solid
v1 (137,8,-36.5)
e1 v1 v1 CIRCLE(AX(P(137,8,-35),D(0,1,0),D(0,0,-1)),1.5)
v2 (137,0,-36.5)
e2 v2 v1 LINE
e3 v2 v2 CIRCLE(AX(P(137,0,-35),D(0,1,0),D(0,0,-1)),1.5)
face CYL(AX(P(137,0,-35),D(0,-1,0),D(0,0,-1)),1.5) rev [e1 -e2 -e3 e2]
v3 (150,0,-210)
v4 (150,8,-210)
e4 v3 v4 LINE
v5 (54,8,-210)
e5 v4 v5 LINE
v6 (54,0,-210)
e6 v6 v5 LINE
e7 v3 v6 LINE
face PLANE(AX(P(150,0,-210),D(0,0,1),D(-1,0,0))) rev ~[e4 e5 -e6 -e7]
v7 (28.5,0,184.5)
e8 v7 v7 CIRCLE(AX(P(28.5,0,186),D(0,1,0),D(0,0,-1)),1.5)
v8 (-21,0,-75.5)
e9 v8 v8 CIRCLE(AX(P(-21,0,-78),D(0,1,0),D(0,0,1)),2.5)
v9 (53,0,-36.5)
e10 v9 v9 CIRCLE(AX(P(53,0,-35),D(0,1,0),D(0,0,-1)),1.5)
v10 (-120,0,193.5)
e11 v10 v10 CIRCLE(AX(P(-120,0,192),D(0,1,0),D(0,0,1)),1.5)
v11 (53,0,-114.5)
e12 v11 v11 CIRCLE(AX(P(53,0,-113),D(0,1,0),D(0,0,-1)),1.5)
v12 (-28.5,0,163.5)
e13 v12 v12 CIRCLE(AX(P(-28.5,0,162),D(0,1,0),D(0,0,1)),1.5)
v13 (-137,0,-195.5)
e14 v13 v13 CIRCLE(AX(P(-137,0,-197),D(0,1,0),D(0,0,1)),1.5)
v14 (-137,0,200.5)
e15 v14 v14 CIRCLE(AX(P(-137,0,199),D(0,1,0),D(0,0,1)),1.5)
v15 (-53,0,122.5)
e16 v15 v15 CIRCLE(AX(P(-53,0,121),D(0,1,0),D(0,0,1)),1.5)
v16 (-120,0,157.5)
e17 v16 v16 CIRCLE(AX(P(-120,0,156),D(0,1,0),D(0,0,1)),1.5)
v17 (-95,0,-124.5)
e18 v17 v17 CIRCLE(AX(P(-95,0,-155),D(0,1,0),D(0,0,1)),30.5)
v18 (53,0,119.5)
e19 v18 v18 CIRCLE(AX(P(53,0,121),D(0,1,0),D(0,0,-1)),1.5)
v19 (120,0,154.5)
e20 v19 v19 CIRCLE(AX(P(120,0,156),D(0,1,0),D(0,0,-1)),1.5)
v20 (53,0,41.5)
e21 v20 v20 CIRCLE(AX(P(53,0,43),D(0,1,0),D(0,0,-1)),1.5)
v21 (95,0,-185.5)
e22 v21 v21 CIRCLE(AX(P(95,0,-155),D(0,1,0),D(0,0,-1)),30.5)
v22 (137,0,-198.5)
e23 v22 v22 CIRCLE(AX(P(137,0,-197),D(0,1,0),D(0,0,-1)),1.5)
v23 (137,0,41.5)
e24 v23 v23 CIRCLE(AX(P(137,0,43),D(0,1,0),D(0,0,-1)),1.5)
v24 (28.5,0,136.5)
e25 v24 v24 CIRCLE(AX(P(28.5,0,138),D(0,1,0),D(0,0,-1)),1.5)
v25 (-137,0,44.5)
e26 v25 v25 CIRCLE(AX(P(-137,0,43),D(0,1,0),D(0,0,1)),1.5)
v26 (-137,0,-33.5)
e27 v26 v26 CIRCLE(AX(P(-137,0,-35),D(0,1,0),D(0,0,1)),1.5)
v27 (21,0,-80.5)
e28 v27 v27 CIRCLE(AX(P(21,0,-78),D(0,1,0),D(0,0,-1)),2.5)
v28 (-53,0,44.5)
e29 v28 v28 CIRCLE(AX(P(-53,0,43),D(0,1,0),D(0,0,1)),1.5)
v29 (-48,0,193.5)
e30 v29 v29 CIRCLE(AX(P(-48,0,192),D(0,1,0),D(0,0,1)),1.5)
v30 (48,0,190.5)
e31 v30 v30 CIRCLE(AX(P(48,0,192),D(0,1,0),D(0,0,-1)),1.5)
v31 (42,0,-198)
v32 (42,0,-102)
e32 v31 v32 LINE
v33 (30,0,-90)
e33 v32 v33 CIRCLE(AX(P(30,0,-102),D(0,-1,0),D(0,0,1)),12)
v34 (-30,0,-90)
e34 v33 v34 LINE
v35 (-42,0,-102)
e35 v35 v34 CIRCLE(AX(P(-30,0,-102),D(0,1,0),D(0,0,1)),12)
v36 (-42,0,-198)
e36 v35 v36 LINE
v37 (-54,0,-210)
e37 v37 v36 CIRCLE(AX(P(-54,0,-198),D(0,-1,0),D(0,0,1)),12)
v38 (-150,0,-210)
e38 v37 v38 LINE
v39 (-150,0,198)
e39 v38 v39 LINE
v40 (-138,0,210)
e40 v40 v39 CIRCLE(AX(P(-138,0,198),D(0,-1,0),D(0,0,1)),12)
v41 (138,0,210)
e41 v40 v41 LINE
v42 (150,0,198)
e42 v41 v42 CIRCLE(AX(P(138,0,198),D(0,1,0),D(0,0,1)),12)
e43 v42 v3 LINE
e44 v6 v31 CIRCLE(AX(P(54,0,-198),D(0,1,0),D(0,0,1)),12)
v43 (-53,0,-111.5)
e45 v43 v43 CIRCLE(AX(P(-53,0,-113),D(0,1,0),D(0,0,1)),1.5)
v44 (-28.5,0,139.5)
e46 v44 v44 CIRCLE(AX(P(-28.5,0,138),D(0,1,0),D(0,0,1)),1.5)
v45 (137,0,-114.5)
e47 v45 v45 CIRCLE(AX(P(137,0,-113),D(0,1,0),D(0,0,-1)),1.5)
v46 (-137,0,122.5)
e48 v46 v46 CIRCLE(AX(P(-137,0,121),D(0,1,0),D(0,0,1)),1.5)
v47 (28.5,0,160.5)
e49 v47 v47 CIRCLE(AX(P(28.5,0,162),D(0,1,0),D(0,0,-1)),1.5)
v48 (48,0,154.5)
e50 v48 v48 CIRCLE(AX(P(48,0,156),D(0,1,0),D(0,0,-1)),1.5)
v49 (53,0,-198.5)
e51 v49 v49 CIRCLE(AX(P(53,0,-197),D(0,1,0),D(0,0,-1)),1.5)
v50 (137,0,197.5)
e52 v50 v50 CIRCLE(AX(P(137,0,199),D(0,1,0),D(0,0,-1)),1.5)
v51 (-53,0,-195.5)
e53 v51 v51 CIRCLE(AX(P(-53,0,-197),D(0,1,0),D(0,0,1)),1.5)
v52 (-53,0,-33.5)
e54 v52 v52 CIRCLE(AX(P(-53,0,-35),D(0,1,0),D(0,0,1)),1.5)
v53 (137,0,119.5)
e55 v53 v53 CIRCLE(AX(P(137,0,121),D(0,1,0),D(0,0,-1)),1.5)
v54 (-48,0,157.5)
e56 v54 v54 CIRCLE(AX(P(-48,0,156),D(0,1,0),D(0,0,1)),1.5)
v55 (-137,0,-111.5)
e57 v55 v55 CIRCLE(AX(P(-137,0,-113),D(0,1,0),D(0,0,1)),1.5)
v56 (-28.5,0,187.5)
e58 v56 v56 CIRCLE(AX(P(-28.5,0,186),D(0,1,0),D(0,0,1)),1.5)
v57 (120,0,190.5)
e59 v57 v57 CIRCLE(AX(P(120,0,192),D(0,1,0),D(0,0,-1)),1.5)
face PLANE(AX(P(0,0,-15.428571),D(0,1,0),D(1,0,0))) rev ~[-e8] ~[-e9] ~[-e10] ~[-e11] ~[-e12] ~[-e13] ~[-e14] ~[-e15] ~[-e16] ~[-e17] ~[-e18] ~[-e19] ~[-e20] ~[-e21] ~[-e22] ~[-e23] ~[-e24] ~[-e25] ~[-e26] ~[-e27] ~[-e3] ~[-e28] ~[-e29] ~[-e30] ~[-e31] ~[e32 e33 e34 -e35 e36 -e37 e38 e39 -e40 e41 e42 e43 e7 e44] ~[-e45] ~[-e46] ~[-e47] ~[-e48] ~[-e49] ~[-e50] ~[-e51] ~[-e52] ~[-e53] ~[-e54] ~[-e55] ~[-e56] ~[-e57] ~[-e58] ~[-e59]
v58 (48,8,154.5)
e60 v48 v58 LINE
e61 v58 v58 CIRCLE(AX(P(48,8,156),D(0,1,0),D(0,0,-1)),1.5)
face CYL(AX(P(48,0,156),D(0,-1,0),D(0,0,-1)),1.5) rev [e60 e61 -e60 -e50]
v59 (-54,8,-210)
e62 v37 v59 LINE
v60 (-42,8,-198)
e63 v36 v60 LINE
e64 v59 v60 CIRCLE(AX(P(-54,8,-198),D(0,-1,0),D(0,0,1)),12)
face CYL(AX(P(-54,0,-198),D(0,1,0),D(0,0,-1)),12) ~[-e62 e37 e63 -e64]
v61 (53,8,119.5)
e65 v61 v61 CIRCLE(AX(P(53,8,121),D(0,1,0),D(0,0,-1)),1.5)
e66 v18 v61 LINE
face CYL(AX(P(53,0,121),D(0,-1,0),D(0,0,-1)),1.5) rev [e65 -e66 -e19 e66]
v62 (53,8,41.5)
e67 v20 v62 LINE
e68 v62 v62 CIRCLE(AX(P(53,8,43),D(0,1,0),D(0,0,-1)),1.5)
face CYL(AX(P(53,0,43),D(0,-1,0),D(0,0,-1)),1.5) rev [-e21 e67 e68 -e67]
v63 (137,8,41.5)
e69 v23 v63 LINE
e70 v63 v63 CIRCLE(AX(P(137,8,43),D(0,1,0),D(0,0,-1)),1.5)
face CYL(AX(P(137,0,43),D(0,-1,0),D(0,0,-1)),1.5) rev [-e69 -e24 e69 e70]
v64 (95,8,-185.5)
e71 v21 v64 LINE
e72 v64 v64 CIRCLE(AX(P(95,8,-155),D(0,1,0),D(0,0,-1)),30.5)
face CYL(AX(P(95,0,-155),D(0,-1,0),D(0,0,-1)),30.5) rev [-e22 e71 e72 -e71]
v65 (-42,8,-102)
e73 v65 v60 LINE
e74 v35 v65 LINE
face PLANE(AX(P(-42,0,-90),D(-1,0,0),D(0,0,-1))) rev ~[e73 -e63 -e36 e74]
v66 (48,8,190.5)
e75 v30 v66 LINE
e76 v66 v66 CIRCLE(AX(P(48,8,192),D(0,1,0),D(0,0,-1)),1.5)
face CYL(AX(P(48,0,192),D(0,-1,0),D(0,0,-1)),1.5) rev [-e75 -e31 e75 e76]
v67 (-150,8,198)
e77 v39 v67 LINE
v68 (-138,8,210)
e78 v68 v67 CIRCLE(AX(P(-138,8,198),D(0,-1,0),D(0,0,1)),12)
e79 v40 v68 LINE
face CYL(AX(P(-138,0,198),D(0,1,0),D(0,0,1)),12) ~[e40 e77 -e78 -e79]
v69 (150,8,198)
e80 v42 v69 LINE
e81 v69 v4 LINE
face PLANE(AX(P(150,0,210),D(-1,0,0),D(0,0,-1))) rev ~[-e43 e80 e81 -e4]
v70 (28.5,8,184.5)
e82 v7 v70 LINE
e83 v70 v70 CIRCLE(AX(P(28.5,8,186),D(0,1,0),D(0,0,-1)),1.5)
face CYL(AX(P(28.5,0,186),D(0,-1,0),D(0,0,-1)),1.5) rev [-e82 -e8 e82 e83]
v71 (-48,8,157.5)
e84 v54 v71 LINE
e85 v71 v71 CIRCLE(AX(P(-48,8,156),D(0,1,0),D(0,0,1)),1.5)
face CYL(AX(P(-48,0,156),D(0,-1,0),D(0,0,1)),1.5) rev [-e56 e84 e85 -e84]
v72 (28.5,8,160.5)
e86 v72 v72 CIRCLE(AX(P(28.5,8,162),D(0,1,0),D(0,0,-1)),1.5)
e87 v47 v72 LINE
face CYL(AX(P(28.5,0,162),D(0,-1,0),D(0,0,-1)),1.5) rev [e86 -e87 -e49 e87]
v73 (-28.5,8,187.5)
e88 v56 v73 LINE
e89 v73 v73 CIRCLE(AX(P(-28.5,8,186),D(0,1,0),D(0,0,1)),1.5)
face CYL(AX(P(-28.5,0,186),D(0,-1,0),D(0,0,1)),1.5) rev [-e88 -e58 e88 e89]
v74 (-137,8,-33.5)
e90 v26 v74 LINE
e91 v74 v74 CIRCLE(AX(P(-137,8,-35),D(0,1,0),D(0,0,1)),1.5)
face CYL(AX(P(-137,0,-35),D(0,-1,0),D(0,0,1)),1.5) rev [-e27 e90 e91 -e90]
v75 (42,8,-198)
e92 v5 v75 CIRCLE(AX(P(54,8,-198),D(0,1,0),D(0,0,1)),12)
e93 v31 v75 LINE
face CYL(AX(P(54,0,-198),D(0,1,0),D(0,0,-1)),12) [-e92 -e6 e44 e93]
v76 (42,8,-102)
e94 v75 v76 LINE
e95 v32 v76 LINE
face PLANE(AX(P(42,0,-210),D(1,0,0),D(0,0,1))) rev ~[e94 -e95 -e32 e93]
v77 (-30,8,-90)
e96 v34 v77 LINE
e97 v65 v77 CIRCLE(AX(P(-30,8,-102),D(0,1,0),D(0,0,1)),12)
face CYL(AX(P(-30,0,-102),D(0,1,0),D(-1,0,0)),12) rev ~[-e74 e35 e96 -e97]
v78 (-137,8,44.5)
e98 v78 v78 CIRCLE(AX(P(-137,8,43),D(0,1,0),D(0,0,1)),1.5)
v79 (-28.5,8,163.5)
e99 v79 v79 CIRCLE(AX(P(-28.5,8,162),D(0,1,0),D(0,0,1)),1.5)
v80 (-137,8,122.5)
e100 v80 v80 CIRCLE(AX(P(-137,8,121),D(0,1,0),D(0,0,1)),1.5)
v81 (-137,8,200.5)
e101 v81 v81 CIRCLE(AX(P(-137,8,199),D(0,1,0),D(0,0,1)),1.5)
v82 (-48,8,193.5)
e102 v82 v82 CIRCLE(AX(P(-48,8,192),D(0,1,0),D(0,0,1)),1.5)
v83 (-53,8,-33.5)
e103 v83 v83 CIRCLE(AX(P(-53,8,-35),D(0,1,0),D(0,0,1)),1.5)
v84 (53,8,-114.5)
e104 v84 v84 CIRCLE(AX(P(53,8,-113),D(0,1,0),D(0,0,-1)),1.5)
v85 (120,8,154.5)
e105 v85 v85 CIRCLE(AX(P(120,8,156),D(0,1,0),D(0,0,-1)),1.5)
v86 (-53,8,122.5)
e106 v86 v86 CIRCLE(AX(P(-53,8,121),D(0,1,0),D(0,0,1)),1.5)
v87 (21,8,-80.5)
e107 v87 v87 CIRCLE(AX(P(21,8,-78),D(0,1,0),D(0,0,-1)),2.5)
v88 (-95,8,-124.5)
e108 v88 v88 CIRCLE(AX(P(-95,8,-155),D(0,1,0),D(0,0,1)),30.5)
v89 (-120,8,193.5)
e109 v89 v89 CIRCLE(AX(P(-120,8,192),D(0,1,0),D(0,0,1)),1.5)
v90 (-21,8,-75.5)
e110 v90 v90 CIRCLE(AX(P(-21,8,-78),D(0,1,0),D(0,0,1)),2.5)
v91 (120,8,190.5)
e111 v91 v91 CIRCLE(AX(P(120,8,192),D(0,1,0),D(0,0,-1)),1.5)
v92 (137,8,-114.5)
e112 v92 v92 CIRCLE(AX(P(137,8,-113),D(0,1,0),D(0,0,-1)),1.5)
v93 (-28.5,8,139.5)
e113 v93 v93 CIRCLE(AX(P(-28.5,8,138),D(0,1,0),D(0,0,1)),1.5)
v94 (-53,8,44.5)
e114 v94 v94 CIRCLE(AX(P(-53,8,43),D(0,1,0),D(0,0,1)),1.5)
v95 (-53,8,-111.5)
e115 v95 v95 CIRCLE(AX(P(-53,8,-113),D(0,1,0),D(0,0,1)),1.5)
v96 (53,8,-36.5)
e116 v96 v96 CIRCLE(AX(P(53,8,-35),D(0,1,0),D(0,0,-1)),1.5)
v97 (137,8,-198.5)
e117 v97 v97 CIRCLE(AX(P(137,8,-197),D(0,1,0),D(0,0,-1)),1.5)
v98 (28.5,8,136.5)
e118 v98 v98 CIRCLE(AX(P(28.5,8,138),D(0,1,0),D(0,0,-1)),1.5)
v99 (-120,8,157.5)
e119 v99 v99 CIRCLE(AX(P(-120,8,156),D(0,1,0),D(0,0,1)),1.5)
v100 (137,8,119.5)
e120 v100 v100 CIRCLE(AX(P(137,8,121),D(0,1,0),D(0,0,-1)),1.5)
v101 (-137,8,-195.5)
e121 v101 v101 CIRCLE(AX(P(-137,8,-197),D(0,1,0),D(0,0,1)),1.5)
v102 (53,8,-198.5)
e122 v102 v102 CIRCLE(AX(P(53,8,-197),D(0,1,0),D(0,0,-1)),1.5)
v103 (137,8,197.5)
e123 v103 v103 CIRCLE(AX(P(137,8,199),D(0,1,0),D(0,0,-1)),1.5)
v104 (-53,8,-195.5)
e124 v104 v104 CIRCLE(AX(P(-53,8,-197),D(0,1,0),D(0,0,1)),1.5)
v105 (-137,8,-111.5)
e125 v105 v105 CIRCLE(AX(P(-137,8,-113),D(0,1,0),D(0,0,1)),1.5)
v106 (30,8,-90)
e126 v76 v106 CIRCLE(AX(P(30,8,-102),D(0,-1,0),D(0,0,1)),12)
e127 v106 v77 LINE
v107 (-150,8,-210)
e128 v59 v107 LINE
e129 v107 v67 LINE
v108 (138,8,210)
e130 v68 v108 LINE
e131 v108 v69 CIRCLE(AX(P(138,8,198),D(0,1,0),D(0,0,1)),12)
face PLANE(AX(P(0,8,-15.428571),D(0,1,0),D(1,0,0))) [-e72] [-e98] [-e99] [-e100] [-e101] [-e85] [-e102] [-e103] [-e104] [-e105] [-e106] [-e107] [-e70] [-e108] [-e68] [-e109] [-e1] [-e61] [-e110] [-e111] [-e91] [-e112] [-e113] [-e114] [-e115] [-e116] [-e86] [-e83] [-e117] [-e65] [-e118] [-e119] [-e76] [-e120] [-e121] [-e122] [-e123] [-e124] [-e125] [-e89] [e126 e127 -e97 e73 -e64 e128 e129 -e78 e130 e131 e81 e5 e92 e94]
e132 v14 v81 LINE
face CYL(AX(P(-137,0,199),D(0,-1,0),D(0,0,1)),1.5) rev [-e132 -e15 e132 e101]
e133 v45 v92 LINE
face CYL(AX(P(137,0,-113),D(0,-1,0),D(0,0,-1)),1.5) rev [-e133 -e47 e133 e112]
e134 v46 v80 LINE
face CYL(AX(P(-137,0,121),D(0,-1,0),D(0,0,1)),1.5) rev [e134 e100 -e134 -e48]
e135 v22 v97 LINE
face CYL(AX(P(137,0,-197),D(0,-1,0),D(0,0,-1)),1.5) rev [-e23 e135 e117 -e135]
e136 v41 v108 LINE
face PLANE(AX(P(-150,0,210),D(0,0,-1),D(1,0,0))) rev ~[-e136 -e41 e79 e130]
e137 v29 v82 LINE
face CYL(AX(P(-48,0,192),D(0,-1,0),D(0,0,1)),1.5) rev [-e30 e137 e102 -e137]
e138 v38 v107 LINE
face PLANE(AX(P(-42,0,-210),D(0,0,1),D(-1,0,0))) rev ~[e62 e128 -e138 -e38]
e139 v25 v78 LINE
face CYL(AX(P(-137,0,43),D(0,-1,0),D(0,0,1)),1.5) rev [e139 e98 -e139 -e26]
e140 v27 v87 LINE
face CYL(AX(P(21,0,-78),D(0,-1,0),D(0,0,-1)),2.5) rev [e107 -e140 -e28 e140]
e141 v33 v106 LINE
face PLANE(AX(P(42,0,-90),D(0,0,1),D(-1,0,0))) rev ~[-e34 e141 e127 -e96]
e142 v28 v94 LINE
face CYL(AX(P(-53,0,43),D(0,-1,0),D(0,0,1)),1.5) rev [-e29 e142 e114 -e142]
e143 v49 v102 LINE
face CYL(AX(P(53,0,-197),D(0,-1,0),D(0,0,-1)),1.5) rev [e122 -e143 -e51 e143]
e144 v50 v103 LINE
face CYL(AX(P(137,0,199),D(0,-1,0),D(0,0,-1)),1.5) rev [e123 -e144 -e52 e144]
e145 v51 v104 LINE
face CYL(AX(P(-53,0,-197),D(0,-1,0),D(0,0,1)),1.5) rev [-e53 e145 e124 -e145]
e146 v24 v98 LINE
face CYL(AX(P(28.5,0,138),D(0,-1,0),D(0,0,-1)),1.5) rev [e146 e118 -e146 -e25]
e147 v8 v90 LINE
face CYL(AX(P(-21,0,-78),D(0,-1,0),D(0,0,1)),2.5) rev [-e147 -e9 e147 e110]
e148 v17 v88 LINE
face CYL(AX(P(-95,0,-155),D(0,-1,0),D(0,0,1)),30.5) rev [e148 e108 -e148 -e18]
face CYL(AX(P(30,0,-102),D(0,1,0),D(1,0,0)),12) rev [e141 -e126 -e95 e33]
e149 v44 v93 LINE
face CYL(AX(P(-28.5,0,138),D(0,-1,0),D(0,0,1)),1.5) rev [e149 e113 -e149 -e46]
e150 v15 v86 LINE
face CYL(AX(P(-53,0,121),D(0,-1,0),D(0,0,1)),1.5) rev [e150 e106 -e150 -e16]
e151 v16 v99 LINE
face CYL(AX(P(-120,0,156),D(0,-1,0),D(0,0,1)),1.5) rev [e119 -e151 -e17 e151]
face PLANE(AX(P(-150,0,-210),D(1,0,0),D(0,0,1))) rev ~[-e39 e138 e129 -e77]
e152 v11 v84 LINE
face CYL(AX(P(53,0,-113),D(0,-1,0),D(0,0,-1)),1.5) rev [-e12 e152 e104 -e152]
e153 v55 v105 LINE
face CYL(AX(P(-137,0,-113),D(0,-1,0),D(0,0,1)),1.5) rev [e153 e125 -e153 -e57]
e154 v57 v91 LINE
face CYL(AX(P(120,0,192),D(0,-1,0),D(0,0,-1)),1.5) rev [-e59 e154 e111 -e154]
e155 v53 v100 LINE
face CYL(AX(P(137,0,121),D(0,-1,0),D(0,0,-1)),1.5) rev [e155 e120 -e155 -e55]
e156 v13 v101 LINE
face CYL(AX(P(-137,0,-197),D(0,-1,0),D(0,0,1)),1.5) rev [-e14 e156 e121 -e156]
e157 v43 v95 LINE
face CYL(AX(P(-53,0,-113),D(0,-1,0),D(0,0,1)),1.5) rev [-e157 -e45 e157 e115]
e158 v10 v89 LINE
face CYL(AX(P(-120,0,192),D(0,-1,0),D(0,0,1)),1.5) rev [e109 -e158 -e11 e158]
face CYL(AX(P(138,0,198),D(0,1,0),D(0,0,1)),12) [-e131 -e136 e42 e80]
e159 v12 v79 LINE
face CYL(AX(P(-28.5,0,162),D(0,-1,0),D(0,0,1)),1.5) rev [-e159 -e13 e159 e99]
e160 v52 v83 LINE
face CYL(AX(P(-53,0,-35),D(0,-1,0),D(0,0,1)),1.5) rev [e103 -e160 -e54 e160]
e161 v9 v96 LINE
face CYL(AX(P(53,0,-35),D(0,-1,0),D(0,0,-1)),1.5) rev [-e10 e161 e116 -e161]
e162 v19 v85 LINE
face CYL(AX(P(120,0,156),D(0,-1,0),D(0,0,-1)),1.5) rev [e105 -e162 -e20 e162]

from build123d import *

# Parameters (mm, degrees)
SKETCH1_R           = 2.5
SKETCH1_R_2         = 1.5
SKETCH1_R_3         = 30.5
BOSS_EXTRUDE1_DEPTH = 8
FILLET1_R           = 12


with BuildPart() as part:
    # Sketch1 → Boss-Extrude1 (new body)
    with BuildSketch(Plane(origin=(0, 0, 0), x_dir=(1, 0, 0), z_dir=(0, 1, 0))):
        Polygon((-150, -210), (150, -210), (150, 210), (42, 210), (42, 90), (0, 90), (-42, 90), (-42, 210), (-150, 210), align=None)
        with Locations(Location((-21, 78, 0), (0, 0, 270))):
            Circle(SKETCH1_R, mode=Mode.SUBTRACT)
        with Locations(Location((21, 78, 0), (0, 0, 90))):
            Circle(SKETCH1_R, mode=Mode.SUBTRACT)
        with Locations(Location((-28.5, -138, 0), (0, 0, 270))):
            Circle(SKETCH1_R_2, mode=Mode.SUBTRACT)
        with Locations(Location((-28.5, -162, 0), (0, 0, 270))):
            Circle(SKETCH1_R_2, mode=Mode.SUBTRACT)
        with Locations(Location((-28.5, -186, 0), (0, 0, 270))):
            Circle(SKETCH1_R_2, mode=Mode.SUBTRACT)
        with Locations(Location((28.5, -186, 0), (0, 0, 90))):
            Circle(SKETCH1_R_2, mode=Mode.SUBTRACT)
        with Locations(Location((28.5, -162, 0), (0, 0, 90))):
            Circle(SKETCH1_R_2, mode=Mode.SUBTRACT)
        with Locations(Location((28.5, -138, 0), (0, 0, 90))):
            Circle(SKETCH1_R_2, mode=Mode.SUBTRACT)
        with Locations(Location((-95, 155, 0), (0, 0, 270))):
            Circle(SKETCH1_R_3, mode=Mode.SUBTRACT)
        with Locations(Location((-137, 197, 0), (0, 0, 270))):
            Circle(SKETCH1_R_2, mode=Mode.SUBTRACT)
        with Locations(Location((-53, 197, 0), (0, 0, 270))):
            Circle(SKETCH1_R_2, mode=Mode.SUBTRACT)
        with Locations(Location((-53, 113, 0), (0, 0, 270))):
            Circle(SKETCH1_R_2, mode=Mode.SUBTRACT)
        with Locations(Location((-137, 113, 0), (0, 0, 270))):
            Circle(SKETCH1_R_2, mode=Mode.SUBTRACT)
        with Locations(Location((-137, 35, 0), (0, 0, 270))):
            Circle(SKETCH1_R_2, mode=Mode.SUBTRACT)
        with Locations(Location((-137, -43, 0), (0, 0, 270))):
            Circle(SKETCH1_R_2, mode=Mode.SUBTRACT)
        with Locations(Location((-137, -121, 0), (0, 0, 270))):
            Circle(SKETCH1_R_2, mode=Mode.SUBTRACT)
        with Locations(Location((137, -121, 0), (0, 0, 90))):
            Circle(SKETCH1_R_2, mode=Mode.SUBTRACT)
        with Locations(Location((137, -43, 0), (0, 0, 90))):
            Circle(SKETCH1_R_2, mode=Mode.SUBTRACT)
        with Locations(Location((137, 35, 0), (0, 0, 90))):
            Circle(SKETCH1_R_2, mode=Mode.SUBTRACT)
        with Locations(Location((53, 197, 0), (0, 0, 90))):
            Circle(SKETCH1_R_2, mode=Mode.SUBTRACT)
        with Locations(Location((137, 197, 0), (0, 0, 90))):
            Circle(SKETCH1_R_2, mode=Mode.SUBTRACT)
        with Locations(Location((137, 113, 0), (0, 0, 90))):
            Circle(SKETCH1_R_2, mode=Mode.SUBTRACT)
        with Locations(Location((95, 155, 0), (0, 0, 90))):
            Circle(SKETCH1_R_3, mode=Mode.SUBTRACT)
        with Locations(Location((53, 113, 0), (0, 0, 90))):
            Circle(SKETCH1_R_2, mode=Mode.SUBTRACT)
        with Locations(Location((-53, 35, 0), (0, 0, 270))):
            Circle(SKETCH1_R_2, mode=Mode.SUBTRACT)
        with Locations(Location((-53, -43, 0), (0, 0, 270))):
            Circle(SKETCH1_R_2, mode=Mode.SUBTRACT)
        with Locations(Location((-53, -121, 0), (0, 0, 270))):
            Circle(SKETCH1_R_2, mode=Mode.SUBTRACT)
        with Locations(Location((53, -121, 0), (0, 0, 90))):
            Circle(SKETCH1_R_2, mode=Mode.SUBTRACT)
        with Locations(Location((53, -43, 0), (0, 0, 90))):
            Circle(SKETCH1_R_2, mode=Mode.SUBTRACT)
        with Locations(Location((53, 35, 0), (0, 0, 90))):
            Circle(SKETCH1_R_2, mode=Mode.SUBTRACT)
        with Locations(Location((-137, -199, 0), (0, 0, 270))):
            Circle(SKETCH1_R_2, mode=Mode.SUBTRACT)
        with Locations(Location((137, -199, 0), (0, 0, 90))):
            Circle(SKETCH1_R_2, mode=Mode.SUBTRACT)
        with Locations(Location((-120, -192, 0), (0, 0, 270))):
            Circle(SKETCH1_R_2, mode=Mode.SUBTRACT)
        with Locations(Location((-48, -192, 0), (0, 0, 270))):
            Circle(SKETCH1_R_2, mode=Mode.SUBTRACT)
        with Locations(Location((-48, -156, 0), (0, 0, 270))):
            Circle(SKETCH1_R_2, mode=Mode.SUBTRACT)
        with Locations(Location((-120, -156, 0), (0, 0, 270))):
            Circle(SKETCH1_R_2, mode=Mode.SUBTRACT)
        with Locations(Location((48, -156, 0), (0, 0, 90))):
            Circle(SKETCH1_R_2, mode=Mode.SUBTRACT)
        with Locations(Location((48, -192, 0), (0, 0, 90))):
            Circle(SKETCH1_R_2, mode=Mode.SUBTRACT)
        with Locations(Location((120, -192, 0), (0, 0, 90))):
            Circle(SKETCH1_R_2, mode=Mode.SUBTRACT)
        with Locations(Location((120, -156, 0), (0, 0, 90))):
            Circle(SKETCH1_R_2, mode=Mode.SUBTRACT)
    extrude(amount=BOSS_EXTRUDE1_DEPTH)

    # Fillet1
    fillet1_edges = [part.edges().sort_by_distance(p)[0] for p in [
        (150, 4, 210),
        (-150, 4, 210),
        (-42, 4, -210),
        (-42, 4, -90),
        (42, 4, -90),
        (42, 4, -210),
    ]]
    fillet(fillet1_edges, radius=FILLET1_R)


solid = part.part
